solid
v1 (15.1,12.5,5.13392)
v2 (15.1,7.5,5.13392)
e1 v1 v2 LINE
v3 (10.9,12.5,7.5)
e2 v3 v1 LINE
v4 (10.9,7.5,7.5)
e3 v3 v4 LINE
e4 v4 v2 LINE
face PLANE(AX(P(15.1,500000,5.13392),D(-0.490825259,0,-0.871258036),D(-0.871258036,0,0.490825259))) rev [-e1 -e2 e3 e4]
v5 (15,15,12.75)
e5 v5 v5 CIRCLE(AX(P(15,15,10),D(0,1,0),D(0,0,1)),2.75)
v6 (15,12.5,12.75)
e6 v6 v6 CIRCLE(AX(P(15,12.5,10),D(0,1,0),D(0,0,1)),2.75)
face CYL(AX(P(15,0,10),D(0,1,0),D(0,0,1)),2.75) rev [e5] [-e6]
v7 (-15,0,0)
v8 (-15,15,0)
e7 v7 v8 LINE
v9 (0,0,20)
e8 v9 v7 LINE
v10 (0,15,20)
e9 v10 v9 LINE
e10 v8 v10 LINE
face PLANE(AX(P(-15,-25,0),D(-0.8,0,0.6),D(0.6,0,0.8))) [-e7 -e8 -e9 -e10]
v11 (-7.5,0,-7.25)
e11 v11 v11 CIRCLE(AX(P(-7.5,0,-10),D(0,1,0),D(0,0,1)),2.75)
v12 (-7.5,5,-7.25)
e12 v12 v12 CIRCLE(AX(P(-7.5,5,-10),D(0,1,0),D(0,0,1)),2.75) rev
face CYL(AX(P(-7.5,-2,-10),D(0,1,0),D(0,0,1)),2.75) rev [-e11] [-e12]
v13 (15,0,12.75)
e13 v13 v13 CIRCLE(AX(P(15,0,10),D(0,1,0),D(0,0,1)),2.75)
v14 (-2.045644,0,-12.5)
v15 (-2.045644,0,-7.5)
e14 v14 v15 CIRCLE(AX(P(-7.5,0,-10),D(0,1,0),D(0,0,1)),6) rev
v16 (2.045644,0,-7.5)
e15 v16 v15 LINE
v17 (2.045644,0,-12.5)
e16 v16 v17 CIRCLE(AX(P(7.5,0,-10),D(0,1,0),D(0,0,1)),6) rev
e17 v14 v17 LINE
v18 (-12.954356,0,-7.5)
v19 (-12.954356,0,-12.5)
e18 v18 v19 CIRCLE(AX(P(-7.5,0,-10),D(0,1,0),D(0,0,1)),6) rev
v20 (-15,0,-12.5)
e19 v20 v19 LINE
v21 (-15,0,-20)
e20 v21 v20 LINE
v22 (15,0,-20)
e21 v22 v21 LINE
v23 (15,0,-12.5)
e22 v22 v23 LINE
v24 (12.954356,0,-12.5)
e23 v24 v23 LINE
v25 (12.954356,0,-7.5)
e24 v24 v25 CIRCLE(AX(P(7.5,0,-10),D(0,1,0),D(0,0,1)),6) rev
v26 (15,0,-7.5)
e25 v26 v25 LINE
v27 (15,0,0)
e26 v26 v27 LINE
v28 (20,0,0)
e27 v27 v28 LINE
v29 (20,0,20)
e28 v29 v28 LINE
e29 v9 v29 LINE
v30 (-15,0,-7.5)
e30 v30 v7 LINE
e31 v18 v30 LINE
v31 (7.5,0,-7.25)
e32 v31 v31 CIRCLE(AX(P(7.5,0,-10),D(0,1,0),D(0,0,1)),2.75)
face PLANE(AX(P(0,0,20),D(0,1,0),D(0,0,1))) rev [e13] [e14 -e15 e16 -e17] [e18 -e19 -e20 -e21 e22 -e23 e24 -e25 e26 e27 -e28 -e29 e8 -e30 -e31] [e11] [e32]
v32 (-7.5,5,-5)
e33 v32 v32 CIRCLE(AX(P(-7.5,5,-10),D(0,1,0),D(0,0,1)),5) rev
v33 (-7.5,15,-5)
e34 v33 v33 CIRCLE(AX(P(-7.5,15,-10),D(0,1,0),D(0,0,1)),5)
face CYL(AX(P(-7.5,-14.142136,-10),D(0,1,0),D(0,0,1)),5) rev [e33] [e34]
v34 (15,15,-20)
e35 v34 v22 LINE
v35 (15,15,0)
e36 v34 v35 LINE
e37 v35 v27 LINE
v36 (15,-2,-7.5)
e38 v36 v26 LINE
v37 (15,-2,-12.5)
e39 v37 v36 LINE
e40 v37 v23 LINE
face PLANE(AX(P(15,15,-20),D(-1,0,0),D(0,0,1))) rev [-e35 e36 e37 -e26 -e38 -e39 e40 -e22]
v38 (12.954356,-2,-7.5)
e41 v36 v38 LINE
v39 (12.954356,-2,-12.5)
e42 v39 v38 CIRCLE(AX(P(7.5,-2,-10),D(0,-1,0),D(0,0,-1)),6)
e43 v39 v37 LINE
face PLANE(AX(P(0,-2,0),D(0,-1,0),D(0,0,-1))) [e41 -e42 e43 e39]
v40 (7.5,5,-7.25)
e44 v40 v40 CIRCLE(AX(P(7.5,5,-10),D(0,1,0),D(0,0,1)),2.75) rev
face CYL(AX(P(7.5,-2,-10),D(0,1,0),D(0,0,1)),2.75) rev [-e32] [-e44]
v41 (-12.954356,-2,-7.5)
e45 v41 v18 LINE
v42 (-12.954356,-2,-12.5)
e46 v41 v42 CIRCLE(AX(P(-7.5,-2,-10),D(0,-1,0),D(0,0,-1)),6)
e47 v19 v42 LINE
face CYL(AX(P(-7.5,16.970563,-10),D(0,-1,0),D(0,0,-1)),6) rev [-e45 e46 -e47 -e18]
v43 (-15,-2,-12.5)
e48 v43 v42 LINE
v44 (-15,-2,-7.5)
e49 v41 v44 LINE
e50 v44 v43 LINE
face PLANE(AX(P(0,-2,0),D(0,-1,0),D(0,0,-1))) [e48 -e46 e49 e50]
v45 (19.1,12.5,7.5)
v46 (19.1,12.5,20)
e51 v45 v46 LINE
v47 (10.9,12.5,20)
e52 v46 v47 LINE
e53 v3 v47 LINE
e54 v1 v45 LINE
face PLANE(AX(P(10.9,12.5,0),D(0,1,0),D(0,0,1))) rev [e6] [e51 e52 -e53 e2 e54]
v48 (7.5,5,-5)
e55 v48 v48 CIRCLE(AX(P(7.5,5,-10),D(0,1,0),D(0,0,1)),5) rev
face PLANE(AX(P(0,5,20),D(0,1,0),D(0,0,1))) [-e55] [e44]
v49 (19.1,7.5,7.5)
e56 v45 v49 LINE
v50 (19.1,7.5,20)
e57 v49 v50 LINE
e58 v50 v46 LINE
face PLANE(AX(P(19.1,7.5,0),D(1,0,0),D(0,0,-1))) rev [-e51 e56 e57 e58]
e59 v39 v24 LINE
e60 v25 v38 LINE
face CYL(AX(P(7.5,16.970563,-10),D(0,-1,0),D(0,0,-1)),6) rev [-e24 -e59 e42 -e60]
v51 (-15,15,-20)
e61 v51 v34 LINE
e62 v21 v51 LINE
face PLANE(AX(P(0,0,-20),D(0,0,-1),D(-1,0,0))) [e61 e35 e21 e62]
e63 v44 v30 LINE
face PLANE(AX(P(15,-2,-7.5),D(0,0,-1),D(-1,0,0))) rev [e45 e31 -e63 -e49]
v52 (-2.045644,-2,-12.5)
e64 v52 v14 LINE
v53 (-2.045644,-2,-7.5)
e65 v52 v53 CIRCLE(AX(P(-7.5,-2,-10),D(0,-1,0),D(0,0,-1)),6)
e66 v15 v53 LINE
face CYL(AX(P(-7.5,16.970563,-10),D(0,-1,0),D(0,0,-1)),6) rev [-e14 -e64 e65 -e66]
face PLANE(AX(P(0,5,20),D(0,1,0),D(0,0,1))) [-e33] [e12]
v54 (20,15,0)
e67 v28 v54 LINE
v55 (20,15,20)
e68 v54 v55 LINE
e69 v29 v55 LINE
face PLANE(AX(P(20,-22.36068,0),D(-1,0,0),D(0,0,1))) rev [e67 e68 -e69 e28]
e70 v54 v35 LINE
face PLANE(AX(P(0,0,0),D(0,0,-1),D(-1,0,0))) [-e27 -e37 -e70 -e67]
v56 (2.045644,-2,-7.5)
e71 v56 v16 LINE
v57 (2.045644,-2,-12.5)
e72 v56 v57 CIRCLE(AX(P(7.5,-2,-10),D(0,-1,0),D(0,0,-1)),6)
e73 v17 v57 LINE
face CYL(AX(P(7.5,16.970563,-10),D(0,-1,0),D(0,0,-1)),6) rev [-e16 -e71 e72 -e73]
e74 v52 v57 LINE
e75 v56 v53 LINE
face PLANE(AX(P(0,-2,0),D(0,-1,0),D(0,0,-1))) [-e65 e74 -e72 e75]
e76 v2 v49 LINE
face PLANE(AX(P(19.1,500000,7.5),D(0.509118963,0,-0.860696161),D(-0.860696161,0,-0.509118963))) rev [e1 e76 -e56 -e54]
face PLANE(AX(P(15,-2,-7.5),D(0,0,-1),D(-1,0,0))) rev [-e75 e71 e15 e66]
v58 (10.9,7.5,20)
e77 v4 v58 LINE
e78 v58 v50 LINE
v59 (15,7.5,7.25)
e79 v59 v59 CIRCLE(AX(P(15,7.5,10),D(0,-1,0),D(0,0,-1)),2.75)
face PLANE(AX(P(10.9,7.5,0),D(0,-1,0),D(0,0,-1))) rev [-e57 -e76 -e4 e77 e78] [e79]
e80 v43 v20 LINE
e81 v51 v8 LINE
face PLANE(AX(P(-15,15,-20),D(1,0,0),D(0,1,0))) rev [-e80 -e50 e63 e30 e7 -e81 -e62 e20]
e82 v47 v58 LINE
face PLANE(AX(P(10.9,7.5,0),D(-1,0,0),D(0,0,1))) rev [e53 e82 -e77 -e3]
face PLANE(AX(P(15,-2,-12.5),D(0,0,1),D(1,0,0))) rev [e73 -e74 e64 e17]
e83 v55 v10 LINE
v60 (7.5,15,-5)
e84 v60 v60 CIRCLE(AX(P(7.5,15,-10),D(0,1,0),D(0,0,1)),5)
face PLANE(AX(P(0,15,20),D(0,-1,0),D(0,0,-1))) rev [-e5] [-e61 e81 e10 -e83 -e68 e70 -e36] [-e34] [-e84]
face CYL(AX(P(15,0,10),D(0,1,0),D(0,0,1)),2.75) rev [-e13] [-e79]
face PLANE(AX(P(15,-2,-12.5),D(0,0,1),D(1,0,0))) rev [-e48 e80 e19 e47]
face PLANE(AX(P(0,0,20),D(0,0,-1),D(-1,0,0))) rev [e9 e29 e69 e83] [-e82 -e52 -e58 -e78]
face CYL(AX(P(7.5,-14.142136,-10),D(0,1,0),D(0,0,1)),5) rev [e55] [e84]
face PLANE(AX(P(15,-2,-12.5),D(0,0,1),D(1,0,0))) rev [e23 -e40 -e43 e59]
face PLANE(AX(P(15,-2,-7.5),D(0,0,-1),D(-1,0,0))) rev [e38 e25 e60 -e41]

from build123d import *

# Parameters (mm, degrees)
SKETCH1_W           = 30
SKETCH1_H           = 15
BOSS_EXTRUDE1_DEPTH = 20
SKETCH2_W           = 8.2
SKETCH2_H           = 5
CUT_EXTRUDE1_DEPTH  = 21
SKETCH3_R           = 2.75
CUT_EXTRUDE2_DEPTH  = 16
BOSS_EXTRUDE2_REACH = 9.5
SKETCH5_W           = 30
SKETCH5_H           = 15
BOSS_EXTRUDE3_DEPTH = 20
SKETCH6_W           = 30
SKETCH6_H           = 5
BOSS_EXTRUDE4_DEPTH = 2
SKETCH7_R           = 2.75
CUT_EXTRUDE3_DEPTH  = 18
SKETCH8_R           = 5
CUT_EXTRUDE4_DEPTH  = 10
SKETCH10_R          = 6
CUT_EXTRUDE5_DEPTH  = 2
BOSS_EXTRUDE5_DEPTH = 15
SKETCH12_W          = 10
SKETCH12_H          = 20
CUT_EXTRUDE6_DEPTH  = 15


with BuildPart() as part:
    # Sketch1 → Boss-Extrude1 (new body)
    with BuildSketch(Plane.XY):
        with Locations((15, 7.5)):
            Rectangle(SKETCH1_W, SKETCH1_H)
    extrude(amount=BOSS_EXTRUDE1_DEPTH)

    # Sketch2 → Cut-Extrude1 (cut, through all)
    with BuildSketch(Plane.XY.offset(20)):
        with Locations((15, 10)):
            Rectangle(SKETCH2_W, SKETCH2_H)
    extrude(amount=-CUT_EXTRUDE1_DEPTH, mode=Mode.SUBTRACT)

    # Sketch3 → Cut-Extrude2 (cut, through all)
    with BuildSketch(Plane(origin=(0, 15, 0), x_dir=(1, 0, 0), z_dir=(0, 1, 0))):
        with Locations((15, -10)):
            Circle(SKETCH3_R)
    extrude(amount=-CUT_EXTRUDE2_DEPTH, mode=Mode.SUBTRACT)

    # Sketch4 → Boss-Extrude2 (add, up to next)
    with BuildSketch(Plane(origin=(0, 7.5, 0), x_dir=(1, 0, 0), z_dir=(0, 1, 0)), mode=Mode.PRIVATE) as boss_extrude2_sk1:
        Polygon((19.1, -7.5), (15.1, -5.133920143), (10.9, -7.5), (10.9, 0), (19.1, 0), align=None)
    boss_extrude2_tool1 = extrude(boss_extrude2_sk1.sketch, amount=BOSS_EXTRUDE2_REACH, mode=Mode.PRIVATE) - part.part
    add(boss_extrude2_tool1.solids().sort_by_distance((14.993757, 7.5, 3.195407))[0])

    # Sketch5 → Boss-Extrude3 (add)
    with BuildSketch(Plane(origin=(0, 0, 0), x_dir=(-1, 0, 0), z_dir=(0, 0, -1))):
        with Locations((0, 7.5)):
            Rectangle(SKETCH5_W, SKETCH5_H)
    extrude(amount=BOSS_EXTRUDE3_DEPTH)

    # Sketch6 → Boss-Extrude4 (add)
    with BuildSketch(Plane.XZ):
        with Locations((0, -10)):
            Rectangle(SKETCH6_W, SKETCH6_H)
    extrude(amount=BOSS_EXTRUDE4_DEPTH)

    # Sketch7 → Cut-Extrude3 (cut, through all)
    with BuildSketch(Plane(origin=(0, 15, 0), x_dir=(1, 0, 0), z_dir=(0, 1, 0))):
        with Locations((7.5, 10)):
            Circle(SKETCH7_R)
        with Locations((-7.5, 10)):
            Circle(SKETCH7_R)
    extrude(amount=-CUT_EXTRUDE3_DEPTH, mode=Mode.SUBTRACT)

    # Sketch8 → Cut-Extrude4 (cut)
    with BuildSketch(Plane(origin=(0, 15, 0), x_dir=(1, 0, 0), z_dir=(0, 1, 0))):
        with Locations((7.5, 10)):
            Circle(SKETCH8_R)
        with Locations((-7.5, 10)):
            Circle(SKETCH8_R)
    extrude(amount=-CUT_EXTRUDE4_DEPTH, mode=Mode.SUBTRACT)

    # Sketch10 → Cut-Extrude5 (cut)
    with BuildSketch(Plane.XZ.offset(2)):
        with Locations((-7.5, -10)):
            Circle(SKETCH10_R)
        with Locations((7.5, -10)):
            Circle(SKETCH10_R)
    extrude(amount=-CUT_EXTRUDE5_DEPTH, mode=Mode.SUBTRACT)

    # Sketch11 → Boss-Extrude5 (add)
    with BuildSketch(Plane(origin=(0, 15, 0), x_dir=(1, 0, 0), z_dir=(0, 1, 0))):
        Polygon((-15, 0), (0, -20), (0, 0), align=None)
    extrude(amount=-BOSS_EXTRUDE5_DEPTH)

    # Sketch12 → Cut-Extrude6 (cut)
    with BuildSketch(Plane(origin=(0, 15, 0), x_dir=(1, 0, 0), z_dir=(0, 1, 0))):
        with Locations((25, -10)):
            Rectangle(SKETCH12_W, SKETCH12_H)
    extrude(amount=-CUT_EXTRUDE6_DEPTH, mode=Mode.SUBTRACT)


solid = part.part
